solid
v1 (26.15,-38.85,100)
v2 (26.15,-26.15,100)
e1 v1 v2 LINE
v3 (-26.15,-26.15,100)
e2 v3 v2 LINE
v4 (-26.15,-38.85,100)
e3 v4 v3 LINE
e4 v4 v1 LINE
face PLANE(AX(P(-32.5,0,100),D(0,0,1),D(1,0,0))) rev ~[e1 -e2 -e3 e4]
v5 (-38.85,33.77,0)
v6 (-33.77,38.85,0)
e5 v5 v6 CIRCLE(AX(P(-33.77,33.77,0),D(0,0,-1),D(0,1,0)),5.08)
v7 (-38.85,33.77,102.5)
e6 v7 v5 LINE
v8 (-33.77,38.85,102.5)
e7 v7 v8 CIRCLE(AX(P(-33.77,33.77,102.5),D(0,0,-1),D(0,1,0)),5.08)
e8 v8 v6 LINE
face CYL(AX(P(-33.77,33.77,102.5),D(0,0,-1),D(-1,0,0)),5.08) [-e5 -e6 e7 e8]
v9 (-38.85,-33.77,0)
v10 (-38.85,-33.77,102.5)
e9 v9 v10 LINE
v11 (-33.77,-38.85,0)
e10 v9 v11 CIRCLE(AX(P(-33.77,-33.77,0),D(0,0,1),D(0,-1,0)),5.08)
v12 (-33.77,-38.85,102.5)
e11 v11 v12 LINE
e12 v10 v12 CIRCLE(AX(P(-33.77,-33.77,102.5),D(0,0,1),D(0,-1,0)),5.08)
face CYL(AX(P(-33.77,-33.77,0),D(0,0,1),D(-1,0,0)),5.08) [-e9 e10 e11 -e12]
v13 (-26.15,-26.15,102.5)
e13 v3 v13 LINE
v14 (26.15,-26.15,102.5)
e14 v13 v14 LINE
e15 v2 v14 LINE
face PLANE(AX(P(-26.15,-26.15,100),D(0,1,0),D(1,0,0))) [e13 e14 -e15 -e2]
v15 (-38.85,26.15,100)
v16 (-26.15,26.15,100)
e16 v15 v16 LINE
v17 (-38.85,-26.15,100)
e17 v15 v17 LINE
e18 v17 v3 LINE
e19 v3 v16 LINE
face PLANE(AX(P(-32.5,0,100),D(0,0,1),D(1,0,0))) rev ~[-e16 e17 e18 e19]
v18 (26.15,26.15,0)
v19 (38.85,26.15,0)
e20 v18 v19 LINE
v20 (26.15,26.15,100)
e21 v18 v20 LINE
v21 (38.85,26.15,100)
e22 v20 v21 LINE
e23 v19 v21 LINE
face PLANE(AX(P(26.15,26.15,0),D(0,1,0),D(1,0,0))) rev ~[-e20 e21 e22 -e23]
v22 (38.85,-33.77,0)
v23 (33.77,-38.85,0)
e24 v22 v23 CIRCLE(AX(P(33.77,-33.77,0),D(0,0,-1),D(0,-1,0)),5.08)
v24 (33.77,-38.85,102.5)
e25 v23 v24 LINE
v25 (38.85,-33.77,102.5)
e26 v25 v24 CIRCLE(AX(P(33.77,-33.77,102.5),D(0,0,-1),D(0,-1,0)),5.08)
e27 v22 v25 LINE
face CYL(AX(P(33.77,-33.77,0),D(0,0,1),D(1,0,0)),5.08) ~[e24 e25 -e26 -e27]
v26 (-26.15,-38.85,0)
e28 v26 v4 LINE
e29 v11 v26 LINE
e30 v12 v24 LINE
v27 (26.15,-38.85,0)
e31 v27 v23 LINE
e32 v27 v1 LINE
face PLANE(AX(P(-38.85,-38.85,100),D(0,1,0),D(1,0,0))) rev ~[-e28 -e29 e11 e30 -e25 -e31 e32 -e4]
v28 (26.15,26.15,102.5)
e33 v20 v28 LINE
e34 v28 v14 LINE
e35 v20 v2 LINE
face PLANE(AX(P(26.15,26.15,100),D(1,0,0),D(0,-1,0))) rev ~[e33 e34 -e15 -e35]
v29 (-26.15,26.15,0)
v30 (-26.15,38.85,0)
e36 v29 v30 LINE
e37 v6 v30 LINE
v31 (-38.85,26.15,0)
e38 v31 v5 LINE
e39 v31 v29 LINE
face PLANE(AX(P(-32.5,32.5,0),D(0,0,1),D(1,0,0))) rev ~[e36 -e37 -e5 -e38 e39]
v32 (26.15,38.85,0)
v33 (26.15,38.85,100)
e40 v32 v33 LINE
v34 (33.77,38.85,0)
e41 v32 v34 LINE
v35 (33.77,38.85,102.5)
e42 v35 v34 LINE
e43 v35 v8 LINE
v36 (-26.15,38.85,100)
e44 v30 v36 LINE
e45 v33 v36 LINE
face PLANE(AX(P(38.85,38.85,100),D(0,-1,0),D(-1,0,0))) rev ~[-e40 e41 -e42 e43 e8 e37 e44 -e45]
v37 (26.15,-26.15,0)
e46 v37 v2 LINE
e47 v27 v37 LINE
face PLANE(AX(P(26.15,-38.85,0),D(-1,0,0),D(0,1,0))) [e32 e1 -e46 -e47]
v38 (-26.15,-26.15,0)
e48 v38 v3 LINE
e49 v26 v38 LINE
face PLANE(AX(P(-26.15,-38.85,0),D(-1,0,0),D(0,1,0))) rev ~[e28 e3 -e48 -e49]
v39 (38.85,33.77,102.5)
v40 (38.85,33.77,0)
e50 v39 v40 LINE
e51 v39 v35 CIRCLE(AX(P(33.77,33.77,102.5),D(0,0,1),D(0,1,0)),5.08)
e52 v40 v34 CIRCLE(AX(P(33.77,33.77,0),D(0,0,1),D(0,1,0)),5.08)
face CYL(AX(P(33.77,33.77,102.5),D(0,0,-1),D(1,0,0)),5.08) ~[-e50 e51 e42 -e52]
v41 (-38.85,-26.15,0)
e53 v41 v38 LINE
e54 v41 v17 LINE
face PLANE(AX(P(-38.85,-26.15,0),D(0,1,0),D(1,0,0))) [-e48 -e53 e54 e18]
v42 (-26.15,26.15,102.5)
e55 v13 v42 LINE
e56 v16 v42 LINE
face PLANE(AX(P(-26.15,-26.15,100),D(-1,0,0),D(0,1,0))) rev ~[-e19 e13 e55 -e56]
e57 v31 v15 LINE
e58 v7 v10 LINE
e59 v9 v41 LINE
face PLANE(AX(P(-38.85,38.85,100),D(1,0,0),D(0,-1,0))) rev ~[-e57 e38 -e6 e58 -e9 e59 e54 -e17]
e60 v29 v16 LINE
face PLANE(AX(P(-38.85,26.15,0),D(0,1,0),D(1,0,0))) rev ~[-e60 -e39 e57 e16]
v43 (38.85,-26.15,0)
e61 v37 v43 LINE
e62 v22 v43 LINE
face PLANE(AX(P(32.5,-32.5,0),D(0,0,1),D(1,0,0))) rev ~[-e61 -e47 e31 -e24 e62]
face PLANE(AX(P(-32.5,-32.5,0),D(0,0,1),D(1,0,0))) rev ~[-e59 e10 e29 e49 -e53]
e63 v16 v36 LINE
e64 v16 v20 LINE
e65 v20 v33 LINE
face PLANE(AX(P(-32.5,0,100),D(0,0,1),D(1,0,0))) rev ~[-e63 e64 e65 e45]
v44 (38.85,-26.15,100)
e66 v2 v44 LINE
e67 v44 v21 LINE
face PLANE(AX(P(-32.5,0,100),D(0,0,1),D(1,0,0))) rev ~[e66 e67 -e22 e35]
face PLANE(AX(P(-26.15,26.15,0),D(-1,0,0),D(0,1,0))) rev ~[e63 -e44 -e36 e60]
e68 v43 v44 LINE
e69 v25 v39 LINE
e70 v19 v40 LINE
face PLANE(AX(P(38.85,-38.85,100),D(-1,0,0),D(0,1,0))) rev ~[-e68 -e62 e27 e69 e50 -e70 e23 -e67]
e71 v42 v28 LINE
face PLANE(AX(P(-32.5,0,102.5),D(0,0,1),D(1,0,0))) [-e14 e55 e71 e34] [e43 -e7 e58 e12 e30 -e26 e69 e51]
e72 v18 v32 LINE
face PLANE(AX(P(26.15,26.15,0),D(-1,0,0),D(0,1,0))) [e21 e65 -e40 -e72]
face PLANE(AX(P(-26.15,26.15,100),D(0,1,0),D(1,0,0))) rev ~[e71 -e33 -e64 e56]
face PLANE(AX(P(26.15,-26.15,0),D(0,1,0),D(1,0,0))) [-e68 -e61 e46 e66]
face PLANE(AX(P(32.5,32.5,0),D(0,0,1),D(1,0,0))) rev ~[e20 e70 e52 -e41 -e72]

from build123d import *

# Parameters (mm, degrees)
F0_W     = 12.7
F0_H     = 12.7
F1_DEPTH = 100
F2_W     = 12.7
F2_H     = 52.3
F2_H_2   = 12.7
F2_W_2   = 52.3
F3_DEPTH = 2.5
F4_R     = 5.08


with BuildPart() as f1:
    # F0 (on Top) → F1 (new body)
    with BuildSketch(Plane.XY):
        with Locations((-32.5, 32.5)):
            Rectangle(F0_W, F0_H)
    extrude(amount=F1_DEPTH)



with BuildPart() as f1b:
    # F0 (on Top) → F1, piece 2 (new body)
    with BuildSketch(Plane.XY):
        with Locations((32.5, 32.5)):
            Rectangle(F0_W, F0_H)
    extrude(amount=F1_DEPTH)


with BuildPart() as f1c:
    # F0 (on Top) → F1, piece 3 (new body)
    with BuildSketch(Plane.XY):
        with Locations((32.5, -32.5)):
            Rectangle(F0_W, F0_H)
    extrude(amount=F1_DEPTH)


with BuildPart() as f1d:
    # F0 (on Top) → F1, piece 4 (new body)
    with BuildSketch(Plane.XY):
        with Locations((-32.5, -32.5)):
            Rectangle(F0_W, F0_H)
    extrude(amount=F1_DEPTH)


with BuildPart() as f1_1:
    add(f1.part)

    add(f1b.part)  # F3 merges F1b

    add(f1c.part)  # F3 merges F1c

    add(f1d.part)  # F3 merges F1d
    # F2 (on face) → F3 (join)
    with BuildSketch(Plane.XY.offset(100)):
        with Locations((-32.5, 0)):
            Rectangle(F2_W, F2_H)
        with Locations((-32.5, 32.5)):
            Rectangle(F2_W, F2_H_2)
        with Locations((0, 32.5)):
            Rectangle(F2_W_2, F2_H_2)
        with Locations((32.5, 32.5)):
            Rectangle(F2_W, F2_H_2)
        with Locations((32.5, 0)):
            Rectangle(F2_W, F2_H)
        with Locations((32.5, -32.5)):
            Rectangle(F2_W, F2_H_2)
        with Locations((0, -32.5)):
            Rectangle(F2_W_2, F2_H_2)
        with Locations((-32.5, -32.5)):
            Rectangle(F2_W, F2_H_2)
    extrude(amount=F3_DEPTH)

    # F4
    f4_edges = [f1_1.edges().sort_by_distance(p)[0] for p in [
        (38.85, -38.85, 51.25),
        (38.85, 38.85, 51.25),
        (-38.85, 38.85, 51.25),
        (-38.85, -38.85, 51.25),
    ]]
    fillet(f4_edges, radius=F4_R)


solid = f1_1.part
